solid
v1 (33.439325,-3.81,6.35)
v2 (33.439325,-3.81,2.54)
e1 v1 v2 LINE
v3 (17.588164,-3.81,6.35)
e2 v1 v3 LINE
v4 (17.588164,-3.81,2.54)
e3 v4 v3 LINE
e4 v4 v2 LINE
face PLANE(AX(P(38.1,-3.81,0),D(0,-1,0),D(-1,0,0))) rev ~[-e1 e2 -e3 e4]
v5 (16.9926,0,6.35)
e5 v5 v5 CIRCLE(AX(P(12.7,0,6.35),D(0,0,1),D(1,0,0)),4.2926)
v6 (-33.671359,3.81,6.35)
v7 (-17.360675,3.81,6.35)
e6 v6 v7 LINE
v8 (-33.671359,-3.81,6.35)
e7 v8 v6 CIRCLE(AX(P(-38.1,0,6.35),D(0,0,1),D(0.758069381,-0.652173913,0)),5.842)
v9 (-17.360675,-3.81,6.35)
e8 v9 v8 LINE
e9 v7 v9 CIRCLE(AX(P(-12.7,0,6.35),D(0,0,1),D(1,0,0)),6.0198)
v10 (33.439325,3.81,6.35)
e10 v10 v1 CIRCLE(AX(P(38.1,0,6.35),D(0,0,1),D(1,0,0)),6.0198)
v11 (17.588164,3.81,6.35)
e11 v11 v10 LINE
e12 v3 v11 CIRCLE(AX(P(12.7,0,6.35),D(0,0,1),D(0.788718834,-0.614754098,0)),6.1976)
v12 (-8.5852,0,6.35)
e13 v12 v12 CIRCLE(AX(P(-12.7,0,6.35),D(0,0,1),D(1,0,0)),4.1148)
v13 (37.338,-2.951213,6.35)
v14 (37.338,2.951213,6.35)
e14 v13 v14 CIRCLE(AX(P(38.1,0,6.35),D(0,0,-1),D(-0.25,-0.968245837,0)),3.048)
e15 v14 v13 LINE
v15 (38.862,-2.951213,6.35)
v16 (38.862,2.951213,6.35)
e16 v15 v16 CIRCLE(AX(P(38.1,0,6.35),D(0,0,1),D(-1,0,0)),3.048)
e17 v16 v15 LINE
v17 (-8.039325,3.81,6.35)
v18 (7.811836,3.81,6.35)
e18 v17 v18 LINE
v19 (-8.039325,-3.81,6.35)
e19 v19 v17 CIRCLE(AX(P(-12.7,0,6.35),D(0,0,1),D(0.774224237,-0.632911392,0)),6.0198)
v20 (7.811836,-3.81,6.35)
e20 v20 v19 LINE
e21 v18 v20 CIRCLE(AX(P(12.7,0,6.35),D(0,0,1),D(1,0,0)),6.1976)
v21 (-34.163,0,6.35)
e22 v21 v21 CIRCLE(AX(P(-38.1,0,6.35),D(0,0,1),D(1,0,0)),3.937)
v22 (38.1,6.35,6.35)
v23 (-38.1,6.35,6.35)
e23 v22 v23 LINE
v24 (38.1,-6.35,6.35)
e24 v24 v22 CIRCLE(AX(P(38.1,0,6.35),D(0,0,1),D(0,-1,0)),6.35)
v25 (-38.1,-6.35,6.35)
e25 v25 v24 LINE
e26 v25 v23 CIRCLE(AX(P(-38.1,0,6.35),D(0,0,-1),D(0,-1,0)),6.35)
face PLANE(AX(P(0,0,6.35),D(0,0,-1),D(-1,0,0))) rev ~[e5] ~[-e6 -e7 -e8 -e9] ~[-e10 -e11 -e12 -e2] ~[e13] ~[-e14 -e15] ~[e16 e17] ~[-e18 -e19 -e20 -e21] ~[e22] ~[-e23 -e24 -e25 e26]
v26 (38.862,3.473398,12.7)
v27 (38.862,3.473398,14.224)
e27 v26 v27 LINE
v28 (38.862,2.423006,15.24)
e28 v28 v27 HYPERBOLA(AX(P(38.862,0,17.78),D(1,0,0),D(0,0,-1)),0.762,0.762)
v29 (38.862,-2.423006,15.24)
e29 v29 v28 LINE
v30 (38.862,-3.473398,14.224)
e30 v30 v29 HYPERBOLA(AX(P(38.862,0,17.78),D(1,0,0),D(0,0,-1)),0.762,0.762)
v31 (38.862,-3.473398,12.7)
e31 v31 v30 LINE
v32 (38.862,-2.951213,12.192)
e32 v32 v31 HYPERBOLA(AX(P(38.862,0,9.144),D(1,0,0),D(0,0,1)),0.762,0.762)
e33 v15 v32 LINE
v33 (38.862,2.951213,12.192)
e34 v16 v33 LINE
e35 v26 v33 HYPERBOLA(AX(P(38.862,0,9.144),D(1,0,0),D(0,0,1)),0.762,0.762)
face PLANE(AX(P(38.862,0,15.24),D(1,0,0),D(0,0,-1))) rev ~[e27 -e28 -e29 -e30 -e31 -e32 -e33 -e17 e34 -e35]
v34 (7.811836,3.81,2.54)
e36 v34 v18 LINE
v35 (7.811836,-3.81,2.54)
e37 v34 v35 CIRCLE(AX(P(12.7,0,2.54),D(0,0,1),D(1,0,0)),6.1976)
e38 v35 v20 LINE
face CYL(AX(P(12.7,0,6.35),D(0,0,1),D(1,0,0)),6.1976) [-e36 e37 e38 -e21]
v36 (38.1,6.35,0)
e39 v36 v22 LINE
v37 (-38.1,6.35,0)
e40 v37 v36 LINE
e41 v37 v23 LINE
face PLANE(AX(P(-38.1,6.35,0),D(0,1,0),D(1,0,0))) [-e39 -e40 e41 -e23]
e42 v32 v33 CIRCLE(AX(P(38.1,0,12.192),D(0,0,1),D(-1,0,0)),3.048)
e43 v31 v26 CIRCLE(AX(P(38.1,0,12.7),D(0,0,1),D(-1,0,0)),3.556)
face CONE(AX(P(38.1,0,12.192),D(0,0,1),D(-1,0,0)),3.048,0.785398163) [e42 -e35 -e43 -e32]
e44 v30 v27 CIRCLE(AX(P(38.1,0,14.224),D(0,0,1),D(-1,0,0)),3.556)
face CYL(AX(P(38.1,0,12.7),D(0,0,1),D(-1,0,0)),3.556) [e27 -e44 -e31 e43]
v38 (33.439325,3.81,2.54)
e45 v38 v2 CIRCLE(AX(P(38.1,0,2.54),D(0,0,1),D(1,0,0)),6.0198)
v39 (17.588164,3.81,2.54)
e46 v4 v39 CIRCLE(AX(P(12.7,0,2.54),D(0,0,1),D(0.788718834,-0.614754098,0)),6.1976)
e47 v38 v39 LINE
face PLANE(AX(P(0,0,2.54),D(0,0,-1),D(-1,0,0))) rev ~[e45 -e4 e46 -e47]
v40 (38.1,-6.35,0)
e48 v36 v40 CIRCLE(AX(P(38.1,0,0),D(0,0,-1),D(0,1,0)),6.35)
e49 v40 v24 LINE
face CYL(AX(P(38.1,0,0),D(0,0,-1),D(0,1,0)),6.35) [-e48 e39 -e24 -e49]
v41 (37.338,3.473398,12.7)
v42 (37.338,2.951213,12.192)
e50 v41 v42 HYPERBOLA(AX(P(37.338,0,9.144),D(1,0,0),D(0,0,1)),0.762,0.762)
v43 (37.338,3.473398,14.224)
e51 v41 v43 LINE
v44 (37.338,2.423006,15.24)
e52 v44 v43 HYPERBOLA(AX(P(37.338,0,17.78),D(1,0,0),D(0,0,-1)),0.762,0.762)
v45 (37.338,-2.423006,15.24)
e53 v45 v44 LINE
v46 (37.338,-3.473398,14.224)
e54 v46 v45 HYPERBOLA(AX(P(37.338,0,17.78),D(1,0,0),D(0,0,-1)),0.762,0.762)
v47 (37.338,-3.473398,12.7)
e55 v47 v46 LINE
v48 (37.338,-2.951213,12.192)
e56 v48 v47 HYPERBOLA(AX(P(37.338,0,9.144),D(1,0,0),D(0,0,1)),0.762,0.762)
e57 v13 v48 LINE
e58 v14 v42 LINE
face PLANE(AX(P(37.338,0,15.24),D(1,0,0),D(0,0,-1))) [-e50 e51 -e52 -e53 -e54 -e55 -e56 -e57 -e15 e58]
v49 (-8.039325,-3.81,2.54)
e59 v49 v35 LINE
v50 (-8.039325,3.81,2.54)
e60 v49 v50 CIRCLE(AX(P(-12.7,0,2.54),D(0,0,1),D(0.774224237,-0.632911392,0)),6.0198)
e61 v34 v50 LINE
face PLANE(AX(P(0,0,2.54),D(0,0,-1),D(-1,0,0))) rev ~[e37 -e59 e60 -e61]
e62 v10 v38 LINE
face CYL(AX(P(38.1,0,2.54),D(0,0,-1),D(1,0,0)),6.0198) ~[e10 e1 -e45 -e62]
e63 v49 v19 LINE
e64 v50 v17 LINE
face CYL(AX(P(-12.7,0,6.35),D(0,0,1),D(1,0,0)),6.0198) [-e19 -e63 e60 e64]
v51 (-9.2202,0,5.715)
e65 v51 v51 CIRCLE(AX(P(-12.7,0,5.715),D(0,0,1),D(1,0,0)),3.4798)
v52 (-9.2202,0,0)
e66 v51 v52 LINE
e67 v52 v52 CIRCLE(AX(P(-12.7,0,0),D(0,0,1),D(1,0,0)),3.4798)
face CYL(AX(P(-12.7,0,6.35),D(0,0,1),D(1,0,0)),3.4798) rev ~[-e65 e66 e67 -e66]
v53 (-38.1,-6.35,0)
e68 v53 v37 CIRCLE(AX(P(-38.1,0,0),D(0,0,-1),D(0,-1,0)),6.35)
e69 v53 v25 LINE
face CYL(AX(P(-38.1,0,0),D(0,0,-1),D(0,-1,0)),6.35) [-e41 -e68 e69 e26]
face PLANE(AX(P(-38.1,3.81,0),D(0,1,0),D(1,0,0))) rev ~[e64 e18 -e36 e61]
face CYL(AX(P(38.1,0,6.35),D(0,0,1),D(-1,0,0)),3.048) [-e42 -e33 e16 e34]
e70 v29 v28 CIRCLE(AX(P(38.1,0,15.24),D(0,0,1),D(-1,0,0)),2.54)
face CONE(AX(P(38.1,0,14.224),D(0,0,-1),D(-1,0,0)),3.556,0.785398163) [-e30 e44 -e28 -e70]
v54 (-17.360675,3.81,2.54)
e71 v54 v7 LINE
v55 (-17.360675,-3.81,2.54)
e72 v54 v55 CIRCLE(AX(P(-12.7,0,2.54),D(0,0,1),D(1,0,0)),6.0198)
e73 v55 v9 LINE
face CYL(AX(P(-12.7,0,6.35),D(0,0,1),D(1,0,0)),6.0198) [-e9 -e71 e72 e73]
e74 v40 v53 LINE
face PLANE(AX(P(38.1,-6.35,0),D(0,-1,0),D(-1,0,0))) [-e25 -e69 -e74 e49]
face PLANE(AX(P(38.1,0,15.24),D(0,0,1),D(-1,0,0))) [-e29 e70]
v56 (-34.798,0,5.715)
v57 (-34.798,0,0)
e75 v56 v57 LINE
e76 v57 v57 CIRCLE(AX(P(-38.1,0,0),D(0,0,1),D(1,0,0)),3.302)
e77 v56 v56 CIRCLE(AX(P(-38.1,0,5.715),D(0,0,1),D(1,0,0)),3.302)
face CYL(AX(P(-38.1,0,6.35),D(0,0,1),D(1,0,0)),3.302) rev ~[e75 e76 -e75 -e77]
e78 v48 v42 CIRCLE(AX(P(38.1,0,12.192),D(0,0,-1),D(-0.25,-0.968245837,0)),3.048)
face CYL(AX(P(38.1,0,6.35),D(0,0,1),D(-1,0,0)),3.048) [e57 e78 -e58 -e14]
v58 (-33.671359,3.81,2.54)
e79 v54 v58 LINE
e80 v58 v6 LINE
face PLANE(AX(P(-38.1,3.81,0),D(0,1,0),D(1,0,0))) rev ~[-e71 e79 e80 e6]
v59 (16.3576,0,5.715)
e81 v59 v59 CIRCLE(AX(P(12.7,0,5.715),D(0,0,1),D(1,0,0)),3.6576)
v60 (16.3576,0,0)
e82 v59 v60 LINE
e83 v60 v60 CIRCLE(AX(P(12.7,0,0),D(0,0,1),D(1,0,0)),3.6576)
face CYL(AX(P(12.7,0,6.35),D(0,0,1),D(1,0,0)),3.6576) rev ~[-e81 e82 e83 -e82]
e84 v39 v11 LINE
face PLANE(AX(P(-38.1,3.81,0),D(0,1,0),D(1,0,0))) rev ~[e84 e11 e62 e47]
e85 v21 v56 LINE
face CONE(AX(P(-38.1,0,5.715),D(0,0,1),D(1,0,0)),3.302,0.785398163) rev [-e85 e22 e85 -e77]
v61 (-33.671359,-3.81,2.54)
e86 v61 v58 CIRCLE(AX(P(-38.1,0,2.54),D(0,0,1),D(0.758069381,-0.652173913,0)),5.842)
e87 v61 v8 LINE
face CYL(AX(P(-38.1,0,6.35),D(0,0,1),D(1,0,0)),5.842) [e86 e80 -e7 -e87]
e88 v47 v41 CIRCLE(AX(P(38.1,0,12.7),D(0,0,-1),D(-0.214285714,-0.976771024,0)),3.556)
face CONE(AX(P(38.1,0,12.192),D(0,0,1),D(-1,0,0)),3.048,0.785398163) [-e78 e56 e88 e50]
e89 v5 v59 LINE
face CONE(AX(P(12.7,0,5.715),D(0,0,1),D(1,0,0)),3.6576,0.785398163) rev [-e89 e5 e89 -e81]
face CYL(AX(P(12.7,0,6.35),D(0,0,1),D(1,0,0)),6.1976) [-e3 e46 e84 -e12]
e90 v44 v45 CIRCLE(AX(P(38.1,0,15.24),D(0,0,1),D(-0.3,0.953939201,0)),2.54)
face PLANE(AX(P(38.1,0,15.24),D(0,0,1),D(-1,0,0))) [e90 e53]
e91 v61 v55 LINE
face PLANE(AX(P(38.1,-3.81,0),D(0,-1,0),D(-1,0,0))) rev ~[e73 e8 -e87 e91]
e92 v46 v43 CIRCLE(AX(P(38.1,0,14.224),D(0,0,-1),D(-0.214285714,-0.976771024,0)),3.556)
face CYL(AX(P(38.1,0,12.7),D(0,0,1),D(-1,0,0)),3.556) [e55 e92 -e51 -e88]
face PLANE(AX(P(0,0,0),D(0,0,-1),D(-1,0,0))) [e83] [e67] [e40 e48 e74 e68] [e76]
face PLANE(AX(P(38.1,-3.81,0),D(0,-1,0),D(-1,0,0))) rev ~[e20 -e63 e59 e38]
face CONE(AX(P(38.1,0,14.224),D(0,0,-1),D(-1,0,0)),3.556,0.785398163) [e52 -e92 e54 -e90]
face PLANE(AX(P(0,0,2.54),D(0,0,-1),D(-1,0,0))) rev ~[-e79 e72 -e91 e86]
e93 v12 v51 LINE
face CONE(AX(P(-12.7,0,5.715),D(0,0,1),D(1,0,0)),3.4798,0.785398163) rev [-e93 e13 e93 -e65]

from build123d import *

# Parameters (mm, degrees)
BOSS_EXTRUDE1_DEPTH = 6.35
SKETCH2_R           = 3.302
SKETCH2_R_2         = 3.4798
SKETCH2_R_3         = 3.6576
CUT_EXTRUDE1_DEPTH  = 7.35
SHELL5_T            = -2.54
SKETCH5_R           = 6.0198
BOSS_EXTRUDE5_DEPTH = 3.81
SKETCH8_W           = 1.524
SKETCH8_H           = 8.89
CUT_EXTRUDE2_DEPTH  = 6.35
CHAMFER1_SIZE       = 0.635


with BuildPart() as part:
    # Sketch1 → Boss-Extrude1 (new body)
    with BuildSketch(Plane.XY):
        with BuildLine():
            Line((-38.1, 6.35), (38.1, 6.35))
            ThreePointArc((38.1, 6.35), (44.45, 0), (38.1, -6.35))
            Line((38.1, -6.35), (-38.1, -6.35))
            ThreePointArc((-38.1, -6.35), (-44.45, 0), (-38.1, 6.35))
        make_face()
    extrude(amount=BOSS_EXTRUDE1_DEPTH)

    # Sketch2 → Cut-Extrude1 (cut, through all)
    with BuildSketch(Plane.XY.offset(6.35)):
        with Locations((-38.1, 0)):
            Circle(SKETCH2_R)
        with Locations((-12.7, 0)):
            Circle(SKETCH2_R_2)
        with Locations((12.7, 0)):
            Circle(SKETCH2_R_3)
    extrude(amount=-CUT_EXTRUDE1_DEPTH, mode=Mode.SUBTRACT)

    # Shell5
    shell5_openings = [part.faces().sort_by_distance(p)[0] for p in [
        (1.279901808, 0, 6.35),
    ]]
    offset(amount=SHELL5_T, openings=shell5_openings)

    # Sketch5 → Boss-Extrude5 (add)
    with BuildSketch(Plane.XY.offset(2.54)):
        with Locations((38.1, 0)):
            Circle(SKETCH5_R)
    extrude(amount=BOSS_EXTRUDE5_DEPTH)

    # Sketch7 → Revolve1 (revolve)
    with BuildSketch(Plane(origin=(0, 0, 0), x_dir=(1, 0, 0), z_dir=(0, 1, 0))):
        Polygon((35.052, -6.35), (35.052, -12.192), (34.544, -12.7), (34.544, -14.224), (35.56, -15.24), (38.1, -15.24), (38.1, -6.35), align=None)
    revolve(axis=Axis((38.1, 0, 0), (0, 0, 1)))

    # Sketch8 → Cut-Extrude2 (cut, symmetric)
    with BuildSketch(Plane(origin=(0, 0, 0), x_dir=(1, 0, 0), z_dir=(0, 1, 0))):
        with Locations((38.1, -10.795)):
            Rectangle(SKETCH8_W, SKETCH8_H)
    extrude(amount=CUT_EXTRUDE2_DEPTH, both=True, mode=Mode.SUBTRACT)

    # Chamfer1
    chamfer1_edges = [part.edges().sort_by_distance(p)[0] for p in [
        (-41.402, 0, 6.35),
        (-16.1798, 0, 6.35),
        (9.0424, 0, 6.35),
    ]]
    chamfer(chamfer1_edges, length=CHAMFER1_SIZE)


solid = part.part
